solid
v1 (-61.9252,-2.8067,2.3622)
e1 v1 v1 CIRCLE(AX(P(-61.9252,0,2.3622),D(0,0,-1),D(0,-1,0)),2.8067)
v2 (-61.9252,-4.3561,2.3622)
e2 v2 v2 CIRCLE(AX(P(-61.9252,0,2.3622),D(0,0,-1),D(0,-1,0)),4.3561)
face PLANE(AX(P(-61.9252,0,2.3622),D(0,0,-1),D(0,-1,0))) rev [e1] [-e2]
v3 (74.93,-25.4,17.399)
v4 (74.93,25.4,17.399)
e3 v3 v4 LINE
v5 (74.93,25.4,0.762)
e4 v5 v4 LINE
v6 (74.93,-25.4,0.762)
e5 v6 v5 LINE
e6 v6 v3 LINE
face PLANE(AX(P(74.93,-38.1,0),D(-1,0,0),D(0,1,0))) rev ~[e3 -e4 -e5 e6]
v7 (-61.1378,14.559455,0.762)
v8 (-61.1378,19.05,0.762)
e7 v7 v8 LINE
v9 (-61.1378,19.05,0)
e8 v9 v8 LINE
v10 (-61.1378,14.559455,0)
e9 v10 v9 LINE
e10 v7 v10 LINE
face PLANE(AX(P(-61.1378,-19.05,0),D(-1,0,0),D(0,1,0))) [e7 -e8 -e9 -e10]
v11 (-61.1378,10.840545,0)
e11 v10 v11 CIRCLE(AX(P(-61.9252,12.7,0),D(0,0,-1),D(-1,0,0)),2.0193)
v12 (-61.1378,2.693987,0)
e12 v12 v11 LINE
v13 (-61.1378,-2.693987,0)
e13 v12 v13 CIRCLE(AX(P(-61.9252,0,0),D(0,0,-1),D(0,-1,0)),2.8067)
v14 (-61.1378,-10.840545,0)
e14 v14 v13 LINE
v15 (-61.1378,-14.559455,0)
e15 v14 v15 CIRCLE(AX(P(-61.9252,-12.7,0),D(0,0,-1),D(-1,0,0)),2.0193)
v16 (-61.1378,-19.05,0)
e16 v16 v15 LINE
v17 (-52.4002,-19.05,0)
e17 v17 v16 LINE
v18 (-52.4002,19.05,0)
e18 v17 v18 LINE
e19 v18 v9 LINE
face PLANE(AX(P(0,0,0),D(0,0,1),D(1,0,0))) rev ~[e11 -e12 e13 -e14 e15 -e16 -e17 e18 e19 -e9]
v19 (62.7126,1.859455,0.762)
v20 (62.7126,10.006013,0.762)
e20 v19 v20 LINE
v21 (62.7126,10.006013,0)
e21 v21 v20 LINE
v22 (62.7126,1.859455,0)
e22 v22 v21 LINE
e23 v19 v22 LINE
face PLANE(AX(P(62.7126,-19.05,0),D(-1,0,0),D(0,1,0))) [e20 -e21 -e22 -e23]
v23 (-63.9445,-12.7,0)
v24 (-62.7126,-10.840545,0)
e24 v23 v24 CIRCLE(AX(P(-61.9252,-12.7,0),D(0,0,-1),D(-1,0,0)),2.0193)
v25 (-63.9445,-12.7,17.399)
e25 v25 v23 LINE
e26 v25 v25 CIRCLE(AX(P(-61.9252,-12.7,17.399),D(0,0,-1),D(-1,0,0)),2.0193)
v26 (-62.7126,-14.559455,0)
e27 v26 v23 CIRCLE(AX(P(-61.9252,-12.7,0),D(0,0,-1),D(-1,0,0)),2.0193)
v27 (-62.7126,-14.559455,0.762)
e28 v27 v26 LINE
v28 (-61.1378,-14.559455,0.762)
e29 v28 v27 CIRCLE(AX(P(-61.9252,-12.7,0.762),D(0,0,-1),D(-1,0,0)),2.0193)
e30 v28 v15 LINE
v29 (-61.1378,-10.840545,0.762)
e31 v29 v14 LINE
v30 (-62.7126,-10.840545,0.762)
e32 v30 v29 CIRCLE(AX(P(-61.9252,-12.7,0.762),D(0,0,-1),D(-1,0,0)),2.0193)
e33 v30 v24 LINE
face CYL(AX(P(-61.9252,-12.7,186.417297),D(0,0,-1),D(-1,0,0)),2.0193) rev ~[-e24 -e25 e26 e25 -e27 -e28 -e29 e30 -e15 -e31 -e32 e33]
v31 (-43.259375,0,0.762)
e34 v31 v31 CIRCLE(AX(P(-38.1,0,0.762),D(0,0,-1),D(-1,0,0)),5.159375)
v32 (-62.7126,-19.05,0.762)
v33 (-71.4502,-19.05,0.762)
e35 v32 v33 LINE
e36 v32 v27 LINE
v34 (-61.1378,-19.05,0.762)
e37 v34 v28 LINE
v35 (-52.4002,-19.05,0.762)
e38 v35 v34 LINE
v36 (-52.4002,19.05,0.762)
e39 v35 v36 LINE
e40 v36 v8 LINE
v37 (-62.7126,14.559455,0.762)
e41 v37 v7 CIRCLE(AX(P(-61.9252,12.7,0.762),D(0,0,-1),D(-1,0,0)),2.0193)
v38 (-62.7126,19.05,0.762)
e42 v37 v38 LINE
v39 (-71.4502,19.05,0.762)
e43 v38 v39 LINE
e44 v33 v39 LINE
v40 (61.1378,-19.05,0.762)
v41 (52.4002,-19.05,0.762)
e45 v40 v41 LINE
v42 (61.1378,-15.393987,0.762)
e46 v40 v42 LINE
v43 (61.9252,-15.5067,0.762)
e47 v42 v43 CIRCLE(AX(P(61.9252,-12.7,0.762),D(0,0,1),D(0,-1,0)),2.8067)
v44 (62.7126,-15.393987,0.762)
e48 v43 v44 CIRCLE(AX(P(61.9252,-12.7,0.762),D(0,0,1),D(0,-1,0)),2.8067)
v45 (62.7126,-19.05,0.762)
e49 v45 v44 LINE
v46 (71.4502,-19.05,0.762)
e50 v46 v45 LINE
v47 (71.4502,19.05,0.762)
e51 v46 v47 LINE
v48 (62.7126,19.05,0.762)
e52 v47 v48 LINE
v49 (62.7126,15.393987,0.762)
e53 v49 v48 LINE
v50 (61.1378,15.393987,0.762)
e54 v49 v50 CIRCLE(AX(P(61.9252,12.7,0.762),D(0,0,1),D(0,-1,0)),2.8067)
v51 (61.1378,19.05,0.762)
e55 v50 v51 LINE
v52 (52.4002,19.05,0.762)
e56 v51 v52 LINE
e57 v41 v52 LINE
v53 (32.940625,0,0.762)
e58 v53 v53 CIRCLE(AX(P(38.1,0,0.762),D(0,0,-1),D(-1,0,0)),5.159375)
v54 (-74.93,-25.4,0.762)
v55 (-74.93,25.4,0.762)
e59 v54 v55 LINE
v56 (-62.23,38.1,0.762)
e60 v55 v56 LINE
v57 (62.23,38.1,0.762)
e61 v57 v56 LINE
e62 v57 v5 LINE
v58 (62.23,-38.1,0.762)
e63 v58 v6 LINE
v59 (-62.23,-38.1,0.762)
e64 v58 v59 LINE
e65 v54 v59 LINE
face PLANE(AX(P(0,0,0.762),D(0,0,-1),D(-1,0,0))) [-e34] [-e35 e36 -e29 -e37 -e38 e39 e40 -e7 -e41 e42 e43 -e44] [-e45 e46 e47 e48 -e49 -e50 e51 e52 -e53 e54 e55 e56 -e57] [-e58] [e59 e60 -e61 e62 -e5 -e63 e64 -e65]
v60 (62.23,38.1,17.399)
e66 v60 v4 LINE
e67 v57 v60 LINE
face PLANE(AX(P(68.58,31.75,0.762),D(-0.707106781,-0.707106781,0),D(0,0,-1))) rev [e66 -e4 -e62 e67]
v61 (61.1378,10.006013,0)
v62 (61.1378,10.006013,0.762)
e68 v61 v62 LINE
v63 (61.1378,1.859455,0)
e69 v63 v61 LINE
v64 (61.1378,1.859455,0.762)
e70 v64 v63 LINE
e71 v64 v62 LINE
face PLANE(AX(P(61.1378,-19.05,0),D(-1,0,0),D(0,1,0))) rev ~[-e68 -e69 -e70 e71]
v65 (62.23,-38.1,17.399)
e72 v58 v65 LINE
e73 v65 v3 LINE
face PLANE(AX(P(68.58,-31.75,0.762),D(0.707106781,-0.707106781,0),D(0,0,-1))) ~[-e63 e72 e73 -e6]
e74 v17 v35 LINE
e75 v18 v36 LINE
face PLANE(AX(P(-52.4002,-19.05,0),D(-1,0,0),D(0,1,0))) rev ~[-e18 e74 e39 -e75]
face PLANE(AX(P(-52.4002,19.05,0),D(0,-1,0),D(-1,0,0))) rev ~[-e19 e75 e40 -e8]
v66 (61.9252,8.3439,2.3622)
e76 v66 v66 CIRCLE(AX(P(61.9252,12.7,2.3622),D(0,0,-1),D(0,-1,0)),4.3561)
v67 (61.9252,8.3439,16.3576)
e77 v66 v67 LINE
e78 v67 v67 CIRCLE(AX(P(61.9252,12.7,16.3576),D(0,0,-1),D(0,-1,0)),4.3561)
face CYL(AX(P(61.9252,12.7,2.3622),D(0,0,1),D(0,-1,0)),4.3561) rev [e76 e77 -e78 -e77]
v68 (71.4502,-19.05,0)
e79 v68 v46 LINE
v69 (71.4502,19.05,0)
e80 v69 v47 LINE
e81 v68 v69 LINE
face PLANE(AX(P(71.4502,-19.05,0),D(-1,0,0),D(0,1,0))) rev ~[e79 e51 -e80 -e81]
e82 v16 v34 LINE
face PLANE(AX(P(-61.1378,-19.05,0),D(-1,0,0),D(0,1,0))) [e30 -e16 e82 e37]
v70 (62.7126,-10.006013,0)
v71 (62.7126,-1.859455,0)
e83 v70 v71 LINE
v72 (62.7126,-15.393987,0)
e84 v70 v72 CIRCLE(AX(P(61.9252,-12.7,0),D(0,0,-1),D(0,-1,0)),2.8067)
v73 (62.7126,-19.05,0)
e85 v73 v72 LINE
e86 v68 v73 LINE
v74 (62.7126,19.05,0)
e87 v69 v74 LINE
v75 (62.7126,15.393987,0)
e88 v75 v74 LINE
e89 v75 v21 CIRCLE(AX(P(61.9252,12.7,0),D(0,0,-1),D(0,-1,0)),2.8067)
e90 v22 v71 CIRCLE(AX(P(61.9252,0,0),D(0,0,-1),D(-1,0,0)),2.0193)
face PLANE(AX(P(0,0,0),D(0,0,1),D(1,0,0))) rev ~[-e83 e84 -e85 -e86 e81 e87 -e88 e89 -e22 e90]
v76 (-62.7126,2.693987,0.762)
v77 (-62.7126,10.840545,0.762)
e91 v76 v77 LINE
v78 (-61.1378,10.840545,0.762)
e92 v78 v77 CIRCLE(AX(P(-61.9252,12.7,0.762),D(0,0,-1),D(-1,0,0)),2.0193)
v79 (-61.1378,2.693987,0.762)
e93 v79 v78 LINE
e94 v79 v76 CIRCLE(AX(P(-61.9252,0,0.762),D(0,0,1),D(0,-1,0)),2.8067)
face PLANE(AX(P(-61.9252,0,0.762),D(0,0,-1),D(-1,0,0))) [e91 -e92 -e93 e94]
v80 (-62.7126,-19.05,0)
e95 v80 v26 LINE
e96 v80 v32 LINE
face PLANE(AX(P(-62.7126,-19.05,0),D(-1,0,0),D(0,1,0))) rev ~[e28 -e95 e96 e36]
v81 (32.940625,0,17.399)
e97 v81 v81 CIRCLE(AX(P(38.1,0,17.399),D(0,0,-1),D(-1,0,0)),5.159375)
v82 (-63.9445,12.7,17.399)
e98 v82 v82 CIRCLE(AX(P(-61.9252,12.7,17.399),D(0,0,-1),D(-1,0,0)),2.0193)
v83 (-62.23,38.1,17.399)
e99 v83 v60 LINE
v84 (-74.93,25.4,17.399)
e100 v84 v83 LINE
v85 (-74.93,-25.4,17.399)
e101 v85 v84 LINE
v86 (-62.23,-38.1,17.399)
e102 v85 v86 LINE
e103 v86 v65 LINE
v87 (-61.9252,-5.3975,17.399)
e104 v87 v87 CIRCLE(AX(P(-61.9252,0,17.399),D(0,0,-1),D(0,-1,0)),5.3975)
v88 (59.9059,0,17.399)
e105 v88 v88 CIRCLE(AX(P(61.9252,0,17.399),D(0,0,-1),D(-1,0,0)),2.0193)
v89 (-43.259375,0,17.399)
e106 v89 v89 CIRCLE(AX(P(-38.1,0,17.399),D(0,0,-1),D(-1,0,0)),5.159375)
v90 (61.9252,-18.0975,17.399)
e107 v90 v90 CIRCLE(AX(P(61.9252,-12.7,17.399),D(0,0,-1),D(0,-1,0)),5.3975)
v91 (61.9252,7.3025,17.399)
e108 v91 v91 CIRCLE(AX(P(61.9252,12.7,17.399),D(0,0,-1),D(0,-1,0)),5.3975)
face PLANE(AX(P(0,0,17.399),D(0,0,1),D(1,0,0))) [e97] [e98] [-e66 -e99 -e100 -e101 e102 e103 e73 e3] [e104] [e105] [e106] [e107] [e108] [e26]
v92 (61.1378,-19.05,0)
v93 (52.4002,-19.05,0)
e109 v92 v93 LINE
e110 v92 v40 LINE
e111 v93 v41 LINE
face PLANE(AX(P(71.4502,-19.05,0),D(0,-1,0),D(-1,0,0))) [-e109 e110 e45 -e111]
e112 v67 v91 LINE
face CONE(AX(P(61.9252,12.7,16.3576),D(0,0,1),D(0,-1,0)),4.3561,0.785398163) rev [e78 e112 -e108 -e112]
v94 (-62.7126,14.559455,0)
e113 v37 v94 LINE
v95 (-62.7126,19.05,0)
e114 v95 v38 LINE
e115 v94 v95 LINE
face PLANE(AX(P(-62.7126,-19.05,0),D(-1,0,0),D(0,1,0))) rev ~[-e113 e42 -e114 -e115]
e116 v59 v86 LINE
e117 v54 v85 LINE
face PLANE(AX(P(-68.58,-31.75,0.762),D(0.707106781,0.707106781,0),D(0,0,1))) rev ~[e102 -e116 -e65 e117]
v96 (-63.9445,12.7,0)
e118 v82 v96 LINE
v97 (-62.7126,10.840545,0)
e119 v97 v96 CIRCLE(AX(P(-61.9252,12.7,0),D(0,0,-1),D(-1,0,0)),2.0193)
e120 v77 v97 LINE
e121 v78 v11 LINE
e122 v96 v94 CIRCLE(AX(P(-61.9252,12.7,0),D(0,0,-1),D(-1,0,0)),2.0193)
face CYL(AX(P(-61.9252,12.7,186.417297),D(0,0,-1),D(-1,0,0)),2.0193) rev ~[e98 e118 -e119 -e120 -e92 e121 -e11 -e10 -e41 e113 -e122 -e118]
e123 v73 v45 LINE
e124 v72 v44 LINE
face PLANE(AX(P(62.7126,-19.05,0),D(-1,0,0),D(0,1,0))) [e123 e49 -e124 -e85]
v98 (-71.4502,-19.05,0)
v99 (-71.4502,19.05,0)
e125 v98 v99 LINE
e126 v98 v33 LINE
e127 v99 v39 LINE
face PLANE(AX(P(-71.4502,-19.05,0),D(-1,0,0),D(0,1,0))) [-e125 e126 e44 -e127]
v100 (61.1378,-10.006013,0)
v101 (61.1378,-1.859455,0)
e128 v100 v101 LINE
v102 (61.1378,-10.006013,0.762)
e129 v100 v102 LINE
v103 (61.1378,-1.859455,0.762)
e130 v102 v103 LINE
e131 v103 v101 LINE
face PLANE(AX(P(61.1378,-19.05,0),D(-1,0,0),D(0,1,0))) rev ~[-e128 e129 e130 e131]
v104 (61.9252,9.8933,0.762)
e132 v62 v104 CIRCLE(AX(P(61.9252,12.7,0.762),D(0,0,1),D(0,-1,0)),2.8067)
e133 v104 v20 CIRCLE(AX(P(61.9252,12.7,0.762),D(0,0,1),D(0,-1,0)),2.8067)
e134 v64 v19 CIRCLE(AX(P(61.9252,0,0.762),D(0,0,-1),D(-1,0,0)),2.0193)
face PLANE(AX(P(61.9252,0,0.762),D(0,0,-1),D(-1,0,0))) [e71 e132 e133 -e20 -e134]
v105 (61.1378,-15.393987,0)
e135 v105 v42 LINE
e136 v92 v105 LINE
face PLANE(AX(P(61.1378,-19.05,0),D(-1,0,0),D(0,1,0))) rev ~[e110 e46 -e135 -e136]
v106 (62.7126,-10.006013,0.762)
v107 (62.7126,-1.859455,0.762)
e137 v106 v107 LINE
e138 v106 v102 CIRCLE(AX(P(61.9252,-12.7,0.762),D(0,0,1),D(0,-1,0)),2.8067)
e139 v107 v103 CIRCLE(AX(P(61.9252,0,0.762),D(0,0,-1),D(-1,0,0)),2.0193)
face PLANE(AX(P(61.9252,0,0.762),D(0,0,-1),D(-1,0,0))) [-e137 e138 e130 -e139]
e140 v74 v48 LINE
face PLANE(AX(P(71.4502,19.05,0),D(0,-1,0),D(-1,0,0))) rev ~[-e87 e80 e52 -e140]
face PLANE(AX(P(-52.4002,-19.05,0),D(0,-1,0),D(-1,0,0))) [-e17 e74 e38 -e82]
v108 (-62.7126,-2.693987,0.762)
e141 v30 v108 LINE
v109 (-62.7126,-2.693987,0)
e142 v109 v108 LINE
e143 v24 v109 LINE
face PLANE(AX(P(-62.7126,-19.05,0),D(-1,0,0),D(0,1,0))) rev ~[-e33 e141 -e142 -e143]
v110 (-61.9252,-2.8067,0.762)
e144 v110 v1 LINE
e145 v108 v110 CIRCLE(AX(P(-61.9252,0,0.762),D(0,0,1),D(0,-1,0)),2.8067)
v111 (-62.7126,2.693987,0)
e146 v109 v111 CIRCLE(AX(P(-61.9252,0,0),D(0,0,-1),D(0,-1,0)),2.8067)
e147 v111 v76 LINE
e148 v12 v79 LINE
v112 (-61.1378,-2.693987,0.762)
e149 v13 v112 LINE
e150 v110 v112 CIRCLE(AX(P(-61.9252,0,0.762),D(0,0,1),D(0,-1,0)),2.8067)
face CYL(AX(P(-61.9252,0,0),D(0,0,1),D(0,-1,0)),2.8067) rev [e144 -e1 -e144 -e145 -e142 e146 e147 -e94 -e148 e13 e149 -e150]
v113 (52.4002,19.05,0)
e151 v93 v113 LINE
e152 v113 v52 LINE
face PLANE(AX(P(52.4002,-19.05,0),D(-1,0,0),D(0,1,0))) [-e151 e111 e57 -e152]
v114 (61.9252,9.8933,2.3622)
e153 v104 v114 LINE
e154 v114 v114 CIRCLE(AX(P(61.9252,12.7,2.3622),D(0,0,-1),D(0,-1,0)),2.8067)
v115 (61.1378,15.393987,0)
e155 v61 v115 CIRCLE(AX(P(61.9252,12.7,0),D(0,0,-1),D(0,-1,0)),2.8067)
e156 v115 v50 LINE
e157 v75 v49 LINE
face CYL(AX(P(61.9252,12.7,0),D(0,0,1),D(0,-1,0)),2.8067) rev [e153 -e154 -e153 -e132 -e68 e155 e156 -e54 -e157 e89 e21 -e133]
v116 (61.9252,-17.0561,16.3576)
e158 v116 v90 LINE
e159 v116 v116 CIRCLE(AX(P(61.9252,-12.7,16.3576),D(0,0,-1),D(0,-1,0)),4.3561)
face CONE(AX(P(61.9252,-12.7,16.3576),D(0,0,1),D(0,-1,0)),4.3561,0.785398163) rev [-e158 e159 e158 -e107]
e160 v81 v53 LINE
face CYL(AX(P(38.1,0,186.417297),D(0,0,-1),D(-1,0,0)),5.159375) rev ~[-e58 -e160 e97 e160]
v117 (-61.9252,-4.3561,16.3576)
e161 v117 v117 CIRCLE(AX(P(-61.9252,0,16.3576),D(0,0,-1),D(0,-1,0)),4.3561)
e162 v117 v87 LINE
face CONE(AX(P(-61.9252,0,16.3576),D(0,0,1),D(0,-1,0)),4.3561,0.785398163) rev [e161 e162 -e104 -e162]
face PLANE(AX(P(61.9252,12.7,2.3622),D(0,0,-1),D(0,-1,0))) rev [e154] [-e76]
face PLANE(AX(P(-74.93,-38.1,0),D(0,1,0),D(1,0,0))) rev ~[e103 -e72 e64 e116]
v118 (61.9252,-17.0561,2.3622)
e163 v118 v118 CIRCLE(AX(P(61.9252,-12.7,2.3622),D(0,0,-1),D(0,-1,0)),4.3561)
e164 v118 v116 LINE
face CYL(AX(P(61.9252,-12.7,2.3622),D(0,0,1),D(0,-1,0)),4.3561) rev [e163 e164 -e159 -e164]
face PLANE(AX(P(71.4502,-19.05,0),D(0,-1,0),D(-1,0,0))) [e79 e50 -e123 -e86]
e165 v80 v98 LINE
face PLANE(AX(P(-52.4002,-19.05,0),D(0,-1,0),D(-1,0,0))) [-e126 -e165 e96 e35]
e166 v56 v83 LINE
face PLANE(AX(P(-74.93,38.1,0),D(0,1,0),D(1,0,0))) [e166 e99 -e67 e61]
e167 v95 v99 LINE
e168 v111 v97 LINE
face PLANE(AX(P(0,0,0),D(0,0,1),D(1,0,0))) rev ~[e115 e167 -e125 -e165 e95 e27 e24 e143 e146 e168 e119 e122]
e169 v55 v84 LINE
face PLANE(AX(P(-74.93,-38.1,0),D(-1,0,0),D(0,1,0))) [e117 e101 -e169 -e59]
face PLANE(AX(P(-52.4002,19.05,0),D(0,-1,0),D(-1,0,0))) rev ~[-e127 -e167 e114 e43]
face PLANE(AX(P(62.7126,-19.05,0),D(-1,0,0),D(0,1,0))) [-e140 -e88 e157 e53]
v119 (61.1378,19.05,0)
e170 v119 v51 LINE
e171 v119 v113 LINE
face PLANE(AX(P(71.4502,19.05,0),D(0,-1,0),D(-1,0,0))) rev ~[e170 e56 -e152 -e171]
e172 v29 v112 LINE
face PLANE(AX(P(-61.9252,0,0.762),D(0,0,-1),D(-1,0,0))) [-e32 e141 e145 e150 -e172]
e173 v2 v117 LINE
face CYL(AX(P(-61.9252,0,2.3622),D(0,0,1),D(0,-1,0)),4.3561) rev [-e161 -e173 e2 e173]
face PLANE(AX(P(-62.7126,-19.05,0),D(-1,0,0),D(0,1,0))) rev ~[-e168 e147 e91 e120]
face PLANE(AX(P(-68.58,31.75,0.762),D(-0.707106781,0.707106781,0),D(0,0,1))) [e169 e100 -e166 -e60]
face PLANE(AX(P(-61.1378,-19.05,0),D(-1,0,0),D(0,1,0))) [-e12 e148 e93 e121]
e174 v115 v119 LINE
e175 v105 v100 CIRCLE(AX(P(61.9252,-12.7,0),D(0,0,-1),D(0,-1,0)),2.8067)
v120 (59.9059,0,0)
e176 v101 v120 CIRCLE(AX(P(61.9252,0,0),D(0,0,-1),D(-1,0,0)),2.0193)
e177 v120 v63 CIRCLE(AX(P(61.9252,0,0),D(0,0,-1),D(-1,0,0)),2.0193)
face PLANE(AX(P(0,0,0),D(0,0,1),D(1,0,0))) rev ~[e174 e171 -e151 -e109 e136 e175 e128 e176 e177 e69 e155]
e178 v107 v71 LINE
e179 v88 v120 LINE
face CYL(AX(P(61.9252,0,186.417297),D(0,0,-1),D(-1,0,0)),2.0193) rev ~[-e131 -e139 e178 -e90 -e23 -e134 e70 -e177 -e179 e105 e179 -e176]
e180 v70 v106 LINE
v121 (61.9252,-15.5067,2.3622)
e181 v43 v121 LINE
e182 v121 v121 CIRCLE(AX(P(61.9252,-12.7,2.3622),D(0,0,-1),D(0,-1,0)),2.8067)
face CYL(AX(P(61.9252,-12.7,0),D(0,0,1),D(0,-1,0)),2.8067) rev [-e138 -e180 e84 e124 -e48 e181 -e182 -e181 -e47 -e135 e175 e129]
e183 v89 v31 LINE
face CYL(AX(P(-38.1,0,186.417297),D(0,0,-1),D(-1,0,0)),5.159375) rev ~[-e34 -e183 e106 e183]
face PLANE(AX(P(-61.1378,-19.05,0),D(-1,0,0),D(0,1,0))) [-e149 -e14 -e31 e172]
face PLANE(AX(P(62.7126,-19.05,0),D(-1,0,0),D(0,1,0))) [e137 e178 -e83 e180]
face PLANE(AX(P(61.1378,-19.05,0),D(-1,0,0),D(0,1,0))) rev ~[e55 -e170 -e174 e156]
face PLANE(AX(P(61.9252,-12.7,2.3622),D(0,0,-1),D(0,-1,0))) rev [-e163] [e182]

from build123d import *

# Parameters (mm, degrees)
SKETCH1_W                                    = 149.86
SKETCH1_H                                    = 76.2
EXTRUDE1_DEPTH                               = 17.399
SKETCH2_W                                    = 149.86
SKETCH2_H                                    = 76.2
SKETCH2_W_2                                  = 19.05
SKETCH2_H_2                                  = 38.1
CUT_EXTRUDE1_DEPTH                           = 0.762
F_10_32_TAPPED_HOLE1_D                       = 4.0386
CBORE_FOR_10_SOCKET_HEAD_CAP_SCREW1_AT_COUNT = 2
CBORE_FOR_10_SOCKET_HEAD_CAP_SCREW1_AT_PITCH = 25.4
CBORE_FOR_10_SOCKET_HEAD_CAP_SCREW1_2_COUNT  = 2
CBORE_FOR_10_SOCKET_HEAD_CAP_SCREW1_2_PITCH  = 124.499845703
CHAMFER1_SIZE                                = 12.7
SKETCH7_W                                    = 1.5748
SKETCH7_H                                    = 38.1
CUT_EXTRUDE2_DEPTH                           = 0.762
F_13_32_0_40625_DIAMETER_HOLE1_D             = 10.31875


with BuildPart() as part:
    # Sketch1 → Extrude1 (new body)
    with BuildSketch(Plane.XY):
        Rectangle(SKETCH1_W, SKETCH1_H)
    extrude(amount=EXTRUDE1_DEPTH)

    # Sketch2 → Cut-Extrude1 (cut)
    with BuildSketch(Plane(origin=(0, 0, 0), x_dir=(-1, 0, 0), z_dir=(0, 0, -1))):
        Rectangle(SKETCH2_W, SKETCH2_H)
        with Locations((-61.9252, 0)):
            Rectangle(SKETCH2_W_2, SKETCH2_H_2, mode=Mode.SUBTRACT)
        with Locations((61.9252, 0)):
            Rectangle(SKETCH2_W_2, SKETCH2_H_2, mode=Mode.SUBTRACT)
    extrude(amount=-CUT_EXTRUDE1_DEPTH, mode=Mode.SUBTRACT)

    # #10-32 Tapped Hole1 (through all)
    with Locations(Plane.XY.offset(17.399)):
        with Locations((61.9252, 0), (-61.9252, -12.7), (-61.9252, 12.7)):
            Hole(F_10_32_TAPPED_HOLE1_D / 2)

    # Sketch5 → CBORE for #10 Socket Head Cap Screw1 (revolve, cut)
    with BuildSketch(Plane(origin=(61.9252, -12.7, 17.399), x_dir=(0, -1, 0), z_dir=(1, 0, 0))):
        Polygon((0, 0), (0, 17.399), (2.8067, 17.399), (2.8067, 15.0368), (4.3561, 15.0368), (4.3561, 1.0414), (5.3975, 0), align=None)
    cbore_for_10_socket_head_cap_screw1 = revolve(axis=Axis((61.9252, -12.7, 23.749), (0, 0, -1)), mode=Mode.SUBTRACT)

    # CBORE for #10 Socket Head Cap Screw1 at: CBORE for #10 Socket Head Cap Screw1 ×2
    with Locations(*[(0, i * CBORE_FOR_10_SOCKET_HEAD_CAP_SCREW1_AT_PITCH, 0) for i in range(1, CBORE_FOR_10_SOCKET_HEAD_CAP_SCREW1_AT_COUNT)]):
        add(cbore_for_10_socket_head_cap_screw1, mode=Mode.SUBTRACT)

    # CBORE for _10 Socket Head Cap Screw1 2: CBORE for #10 Socket Head Cap Screw1 ×2
    with Locations(*[Vector(-0.994783562, 0.102008159, 0) * (i * CBORE_FOR_10_SOCKET_HEAD_CAP_SCREW1_2_PITCH) for i in range(1, CBORE_FOR_10_SOCKET_HEAD_CAP_SCREW1_2_COUNT)]):
        add(cbore_for_10_socket_head_cap_screw1, mode=Mode.SUBTRACT)

    # Chamfer1
    chamfer1_edges = [part.edges().sort_by_distance(p)[0] for p in [
        (74.93, -38.1, 9.0805),
        (-74.93, -38.1, 9.0805),
        (-74.93, 38.1, 9.0805),
        (74.93, 38.1, 9.0805),
    ]]
    chamfer(chamfer1_edges, length=CHAMFER1_SIZE)

    # Sketch7 → Cut-Extrude2 (cut)
    with BuildSketch(Plane(origin=(0, 0, 0), x_dir=(-1, 0, 0), z_dir=(0, 0, -1))):
        with Locations((61.9252, 0)):
            Rectangle(SKETCH7_W, SKETCH7_H)
        with Locations((-61.9252, 0)):
            Rectangle(SKETCH7_W, SKETCH7_H)
    extrude(amount=-CUT_EXTRUDE2_DEPTH, mode=Mode.SUBTRACT)

    # 13/32 (0.40625) Diameter Hole1 (through all)
    with Locations(Plane.XY.offset(17.399)):
        with Locations((-38.1, 0), (38.1, 0)):
            Hole(F_13_32_0_40625_DIAMETER_HOLE1_D / 2)


solid = part.part
